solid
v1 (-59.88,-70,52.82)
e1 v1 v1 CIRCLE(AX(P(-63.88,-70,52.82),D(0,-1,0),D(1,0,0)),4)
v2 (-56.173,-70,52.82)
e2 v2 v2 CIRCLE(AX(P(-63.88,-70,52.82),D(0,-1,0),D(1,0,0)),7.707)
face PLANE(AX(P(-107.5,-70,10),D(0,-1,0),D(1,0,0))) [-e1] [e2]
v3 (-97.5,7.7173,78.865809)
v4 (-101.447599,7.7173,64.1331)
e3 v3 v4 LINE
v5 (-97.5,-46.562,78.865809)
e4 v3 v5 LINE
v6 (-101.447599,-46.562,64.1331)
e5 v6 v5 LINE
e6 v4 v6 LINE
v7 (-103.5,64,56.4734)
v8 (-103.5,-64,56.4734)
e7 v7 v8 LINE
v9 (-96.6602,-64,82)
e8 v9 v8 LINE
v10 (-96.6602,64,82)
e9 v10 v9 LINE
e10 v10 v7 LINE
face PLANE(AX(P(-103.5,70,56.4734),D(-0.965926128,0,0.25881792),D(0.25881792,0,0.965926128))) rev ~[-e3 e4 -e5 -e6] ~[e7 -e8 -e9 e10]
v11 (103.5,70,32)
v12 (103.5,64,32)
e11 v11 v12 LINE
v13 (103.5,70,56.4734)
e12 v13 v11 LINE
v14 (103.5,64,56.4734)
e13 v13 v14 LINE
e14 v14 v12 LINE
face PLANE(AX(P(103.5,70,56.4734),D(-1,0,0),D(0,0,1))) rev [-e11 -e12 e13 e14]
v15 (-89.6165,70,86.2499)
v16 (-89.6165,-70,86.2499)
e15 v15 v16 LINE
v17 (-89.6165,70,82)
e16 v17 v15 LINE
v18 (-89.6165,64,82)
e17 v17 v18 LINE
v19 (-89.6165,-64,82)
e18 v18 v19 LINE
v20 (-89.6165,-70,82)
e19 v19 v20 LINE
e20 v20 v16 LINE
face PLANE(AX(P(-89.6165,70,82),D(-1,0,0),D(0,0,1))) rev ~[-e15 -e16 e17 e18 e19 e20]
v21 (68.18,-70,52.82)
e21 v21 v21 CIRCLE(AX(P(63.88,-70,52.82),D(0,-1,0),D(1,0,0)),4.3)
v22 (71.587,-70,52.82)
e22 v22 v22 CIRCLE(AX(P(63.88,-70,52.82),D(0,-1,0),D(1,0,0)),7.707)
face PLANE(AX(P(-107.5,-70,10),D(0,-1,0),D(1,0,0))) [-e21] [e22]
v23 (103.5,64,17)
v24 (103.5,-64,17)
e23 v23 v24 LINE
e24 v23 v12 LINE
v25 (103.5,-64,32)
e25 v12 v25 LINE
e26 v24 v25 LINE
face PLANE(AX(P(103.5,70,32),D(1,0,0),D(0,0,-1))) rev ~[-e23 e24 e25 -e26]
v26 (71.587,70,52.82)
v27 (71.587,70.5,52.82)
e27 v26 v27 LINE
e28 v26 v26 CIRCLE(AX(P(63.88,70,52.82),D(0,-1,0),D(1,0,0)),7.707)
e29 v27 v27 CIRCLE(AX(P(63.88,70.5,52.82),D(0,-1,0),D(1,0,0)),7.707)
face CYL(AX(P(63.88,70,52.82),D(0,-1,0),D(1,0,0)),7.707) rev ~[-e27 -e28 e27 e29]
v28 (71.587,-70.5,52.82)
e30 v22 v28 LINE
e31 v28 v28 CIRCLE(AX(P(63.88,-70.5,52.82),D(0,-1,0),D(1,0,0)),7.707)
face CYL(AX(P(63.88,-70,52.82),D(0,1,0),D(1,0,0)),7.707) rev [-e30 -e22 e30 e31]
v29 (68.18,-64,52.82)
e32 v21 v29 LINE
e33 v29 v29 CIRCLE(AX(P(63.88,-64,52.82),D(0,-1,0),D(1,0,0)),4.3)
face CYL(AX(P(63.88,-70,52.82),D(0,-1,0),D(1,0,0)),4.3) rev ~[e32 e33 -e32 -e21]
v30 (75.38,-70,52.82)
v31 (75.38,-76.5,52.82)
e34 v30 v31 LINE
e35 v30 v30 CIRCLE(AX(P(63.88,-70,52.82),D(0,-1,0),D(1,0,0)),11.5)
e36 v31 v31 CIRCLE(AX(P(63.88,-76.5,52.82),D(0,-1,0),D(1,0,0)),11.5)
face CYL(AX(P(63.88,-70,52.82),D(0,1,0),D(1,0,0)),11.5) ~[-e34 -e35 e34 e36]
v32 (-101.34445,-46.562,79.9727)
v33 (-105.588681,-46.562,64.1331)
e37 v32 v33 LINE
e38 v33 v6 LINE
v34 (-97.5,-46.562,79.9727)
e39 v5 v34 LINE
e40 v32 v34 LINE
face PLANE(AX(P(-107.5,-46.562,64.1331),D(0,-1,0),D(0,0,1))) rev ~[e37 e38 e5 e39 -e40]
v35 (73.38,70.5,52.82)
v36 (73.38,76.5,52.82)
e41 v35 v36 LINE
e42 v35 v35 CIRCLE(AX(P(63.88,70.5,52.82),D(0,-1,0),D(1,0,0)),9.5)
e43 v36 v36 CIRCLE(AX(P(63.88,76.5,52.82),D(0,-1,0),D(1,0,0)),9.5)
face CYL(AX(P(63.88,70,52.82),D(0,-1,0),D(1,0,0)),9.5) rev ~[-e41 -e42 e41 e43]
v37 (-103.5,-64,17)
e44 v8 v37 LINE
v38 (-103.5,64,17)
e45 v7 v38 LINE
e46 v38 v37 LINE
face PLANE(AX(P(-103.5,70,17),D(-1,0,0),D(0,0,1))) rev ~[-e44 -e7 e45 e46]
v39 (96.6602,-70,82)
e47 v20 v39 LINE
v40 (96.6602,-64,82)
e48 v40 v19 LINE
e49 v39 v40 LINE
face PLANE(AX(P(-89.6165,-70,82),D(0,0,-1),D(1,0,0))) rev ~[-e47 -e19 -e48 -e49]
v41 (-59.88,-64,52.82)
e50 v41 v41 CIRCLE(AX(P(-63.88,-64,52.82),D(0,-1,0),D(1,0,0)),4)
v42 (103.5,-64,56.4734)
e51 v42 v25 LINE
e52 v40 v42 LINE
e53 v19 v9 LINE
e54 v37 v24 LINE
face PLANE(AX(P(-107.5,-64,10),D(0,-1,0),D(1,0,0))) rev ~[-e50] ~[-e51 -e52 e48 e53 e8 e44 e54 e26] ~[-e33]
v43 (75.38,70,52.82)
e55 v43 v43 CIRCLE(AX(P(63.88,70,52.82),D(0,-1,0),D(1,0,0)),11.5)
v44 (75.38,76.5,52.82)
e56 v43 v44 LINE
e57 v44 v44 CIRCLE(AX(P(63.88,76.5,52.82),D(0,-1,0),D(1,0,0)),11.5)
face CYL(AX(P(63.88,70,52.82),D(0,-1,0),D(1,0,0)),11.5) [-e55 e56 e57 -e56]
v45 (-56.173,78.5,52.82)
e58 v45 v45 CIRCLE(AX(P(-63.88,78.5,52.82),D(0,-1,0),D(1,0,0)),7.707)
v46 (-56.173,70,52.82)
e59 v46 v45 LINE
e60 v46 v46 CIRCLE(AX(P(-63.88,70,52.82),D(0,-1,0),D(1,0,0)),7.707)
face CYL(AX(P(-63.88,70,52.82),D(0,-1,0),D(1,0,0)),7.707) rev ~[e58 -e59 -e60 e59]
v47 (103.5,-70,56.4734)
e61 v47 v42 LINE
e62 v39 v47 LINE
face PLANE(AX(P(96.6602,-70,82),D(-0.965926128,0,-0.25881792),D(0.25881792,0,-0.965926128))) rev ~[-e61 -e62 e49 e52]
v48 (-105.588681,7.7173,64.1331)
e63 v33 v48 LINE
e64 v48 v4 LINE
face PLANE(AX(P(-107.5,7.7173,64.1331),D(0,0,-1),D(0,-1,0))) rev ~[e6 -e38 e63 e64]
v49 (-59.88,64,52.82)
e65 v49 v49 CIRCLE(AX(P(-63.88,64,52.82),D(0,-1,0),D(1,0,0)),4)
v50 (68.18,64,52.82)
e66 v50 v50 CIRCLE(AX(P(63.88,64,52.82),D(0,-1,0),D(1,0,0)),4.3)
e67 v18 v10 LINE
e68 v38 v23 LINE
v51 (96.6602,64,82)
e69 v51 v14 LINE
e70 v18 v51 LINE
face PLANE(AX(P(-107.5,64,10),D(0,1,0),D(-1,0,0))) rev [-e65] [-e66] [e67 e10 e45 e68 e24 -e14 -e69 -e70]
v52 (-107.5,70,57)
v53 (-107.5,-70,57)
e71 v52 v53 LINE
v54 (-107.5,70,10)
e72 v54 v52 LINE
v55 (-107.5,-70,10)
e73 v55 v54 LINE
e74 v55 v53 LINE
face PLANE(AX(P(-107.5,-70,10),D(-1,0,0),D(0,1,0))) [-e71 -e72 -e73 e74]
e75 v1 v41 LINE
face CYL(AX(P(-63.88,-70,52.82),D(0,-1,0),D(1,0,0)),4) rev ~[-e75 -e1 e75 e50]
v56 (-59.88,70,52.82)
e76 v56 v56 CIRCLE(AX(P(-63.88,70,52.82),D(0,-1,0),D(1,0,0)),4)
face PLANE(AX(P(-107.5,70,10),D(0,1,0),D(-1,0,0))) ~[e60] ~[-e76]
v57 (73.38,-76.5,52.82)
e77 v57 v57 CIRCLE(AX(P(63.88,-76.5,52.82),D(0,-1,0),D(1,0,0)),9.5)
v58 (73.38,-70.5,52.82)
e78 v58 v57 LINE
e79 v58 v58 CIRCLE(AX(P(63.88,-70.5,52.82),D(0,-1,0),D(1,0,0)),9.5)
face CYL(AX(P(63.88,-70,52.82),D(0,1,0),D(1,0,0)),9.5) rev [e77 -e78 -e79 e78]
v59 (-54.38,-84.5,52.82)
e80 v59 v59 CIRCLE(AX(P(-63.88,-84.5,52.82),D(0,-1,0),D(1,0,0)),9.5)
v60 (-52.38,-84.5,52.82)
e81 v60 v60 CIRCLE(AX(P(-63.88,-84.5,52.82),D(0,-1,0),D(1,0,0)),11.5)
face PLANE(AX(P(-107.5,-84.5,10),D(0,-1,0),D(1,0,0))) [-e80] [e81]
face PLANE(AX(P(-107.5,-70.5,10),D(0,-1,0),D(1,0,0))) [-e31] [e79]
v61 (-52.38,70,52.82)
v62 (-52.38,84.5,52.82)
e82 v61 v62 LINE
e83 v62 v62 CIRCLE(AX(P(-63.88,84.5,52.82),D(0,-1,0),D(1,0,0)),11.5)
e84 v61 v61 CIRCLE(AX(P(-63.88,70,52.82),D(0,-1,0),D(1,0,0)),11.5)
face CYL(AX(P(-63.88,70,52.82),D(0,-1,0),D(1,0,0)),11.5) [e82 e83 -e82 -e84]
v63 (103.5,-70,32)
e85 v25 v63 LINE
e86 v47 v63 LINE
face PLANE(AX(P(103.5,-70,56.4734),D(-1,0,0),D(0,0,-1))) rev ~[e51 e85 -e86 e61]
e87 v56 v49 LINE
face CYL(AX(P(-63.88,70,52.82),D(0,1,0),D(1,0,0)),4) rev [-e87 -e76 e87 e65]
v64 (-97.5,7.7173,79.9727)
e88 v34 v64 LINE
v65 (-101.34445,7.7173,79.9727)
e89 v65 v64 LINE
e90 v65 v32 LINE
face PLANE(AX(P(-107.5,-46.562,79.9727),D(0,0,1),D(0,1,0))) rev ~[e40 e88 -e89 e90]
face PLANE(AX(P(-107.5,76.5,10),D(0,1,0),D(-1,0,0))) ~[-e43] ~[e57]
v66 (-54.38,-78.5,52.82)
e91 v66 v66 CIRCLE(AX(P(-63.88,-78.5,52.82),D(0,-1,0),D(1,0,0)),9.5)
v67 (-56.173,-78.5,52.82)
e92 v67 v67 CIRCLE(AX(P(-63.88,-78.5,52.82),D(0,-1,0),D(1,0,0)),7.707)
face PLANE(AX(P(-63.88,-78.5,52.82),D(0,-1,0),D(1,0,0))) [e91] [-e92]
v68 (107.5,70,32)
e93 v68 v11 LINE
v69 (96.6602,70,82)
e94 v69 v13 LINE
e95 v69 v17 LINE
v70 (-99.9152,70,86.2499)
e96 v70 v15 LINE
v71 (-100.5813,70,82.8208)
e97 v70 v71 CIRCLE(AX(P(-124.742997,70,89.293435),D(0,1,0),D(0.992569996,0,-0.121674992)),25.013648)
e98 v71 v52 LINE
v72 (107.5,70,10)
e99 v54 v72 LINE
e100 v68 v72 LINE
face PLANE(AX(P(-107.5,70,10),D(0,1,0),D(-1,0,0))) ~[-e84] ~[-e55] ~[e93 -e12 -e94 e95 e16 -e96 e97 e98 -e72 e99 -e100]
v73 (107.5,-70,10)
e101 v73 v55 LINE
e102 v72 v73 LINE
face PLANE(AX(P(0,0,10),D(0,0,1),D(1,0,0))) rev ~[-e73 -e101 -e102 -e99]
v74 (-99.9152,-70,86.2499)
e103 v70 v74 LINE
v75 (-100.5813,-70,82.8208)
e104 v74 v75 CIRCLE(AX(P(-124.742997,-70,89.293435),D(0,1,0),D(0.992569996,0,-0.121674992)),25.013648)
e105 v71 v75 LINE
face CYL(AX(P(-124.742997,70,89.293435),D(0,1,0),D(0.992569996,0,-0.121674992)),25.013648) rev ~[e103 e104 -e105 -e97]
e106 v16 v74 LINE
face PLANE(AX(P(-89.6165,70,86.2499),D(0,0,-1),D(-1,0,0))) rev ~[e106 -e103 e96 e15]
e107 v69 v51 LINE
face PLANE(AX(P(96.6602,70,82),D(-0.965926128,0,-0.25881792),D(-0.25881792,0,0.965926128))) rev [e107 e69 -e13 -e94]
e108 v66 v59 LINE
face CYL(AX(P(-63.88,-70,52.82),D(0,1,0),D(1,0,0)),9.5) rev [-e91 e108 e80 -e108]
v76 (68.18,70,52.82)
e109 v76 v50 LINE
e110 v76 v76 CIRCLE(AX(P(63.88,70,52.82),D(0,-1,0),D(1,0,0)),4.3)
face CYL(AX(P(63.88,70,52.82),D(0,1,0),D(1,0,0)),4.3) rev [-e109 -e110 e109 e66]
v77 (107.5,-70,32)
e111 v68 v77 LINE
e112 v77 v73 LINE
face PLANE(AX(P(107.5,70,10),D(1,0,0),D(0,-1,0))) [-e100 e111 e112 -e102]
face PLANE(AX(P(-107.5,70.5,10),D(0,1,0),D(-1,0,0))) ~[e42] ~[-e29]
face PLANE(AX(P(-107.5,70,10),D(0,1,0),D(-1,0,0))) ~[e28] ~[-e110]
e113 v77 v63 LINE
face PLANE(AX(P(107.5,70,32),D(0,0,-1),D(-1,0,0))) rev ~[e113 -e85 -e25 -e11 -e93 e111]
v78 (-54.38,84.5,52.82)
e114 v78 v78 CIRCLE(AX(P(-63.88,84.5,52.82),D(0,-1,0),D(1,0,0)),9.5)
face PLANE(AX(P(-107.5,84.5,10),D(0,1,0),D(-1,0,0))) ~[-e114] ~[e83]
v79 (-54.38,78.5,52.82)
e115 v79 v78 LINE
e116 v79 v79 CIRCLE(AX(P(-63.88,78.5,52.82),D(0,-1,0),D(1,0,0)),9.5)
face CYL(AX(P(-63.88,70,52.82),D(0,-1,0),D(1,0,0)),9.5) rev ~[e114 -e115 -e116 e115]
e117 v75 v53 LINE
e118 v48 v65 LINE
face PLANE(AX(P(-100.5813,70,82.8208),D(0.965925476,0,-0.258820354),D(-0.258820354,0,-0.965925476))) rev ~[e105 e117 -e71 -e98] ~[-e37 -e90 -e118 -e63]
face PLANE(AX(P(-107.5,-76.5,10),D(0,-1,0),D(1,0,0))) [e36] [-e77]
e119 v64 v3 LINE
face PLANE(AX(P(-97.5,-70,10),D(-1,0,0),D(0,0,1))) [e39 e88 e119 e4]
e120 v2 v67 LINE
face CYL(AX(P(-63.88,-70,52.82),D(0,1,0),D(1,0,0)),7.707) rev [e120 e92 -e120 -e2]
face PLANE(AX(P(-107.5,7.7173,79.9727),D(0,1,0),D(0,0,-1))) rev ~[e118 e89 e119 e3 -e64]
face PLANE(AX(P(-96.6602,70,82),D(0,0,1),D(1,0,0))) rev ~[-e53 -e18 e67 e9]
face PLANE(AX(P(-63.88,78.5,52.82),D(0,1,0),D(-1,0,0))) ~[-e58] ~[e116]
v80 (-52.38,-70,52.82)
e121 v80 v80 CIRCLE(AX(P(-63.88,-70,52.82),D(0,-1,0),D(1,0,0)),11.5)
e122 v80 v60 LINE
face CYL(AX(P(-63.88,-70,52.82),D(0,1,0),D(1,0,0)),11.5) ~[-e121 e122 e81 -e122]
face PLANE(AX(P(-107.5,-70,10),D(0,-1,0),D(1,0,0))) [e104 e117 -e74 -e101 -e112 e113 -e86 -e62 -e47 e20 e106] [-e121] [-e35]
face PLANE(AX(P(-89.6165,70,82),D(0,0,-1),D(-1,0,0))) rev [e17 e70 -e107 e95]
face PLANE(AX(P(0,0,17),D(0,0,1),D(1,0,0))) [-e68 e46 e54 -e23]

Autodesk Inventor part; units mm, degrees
ref_plane "РабПлоскость1" through (0, 0, 10) normal (0, 0, 1) x (1, 0, 0)
sketch "Эскиз1" plane through (0, 0, 10) normal (0, 0, 1) x (1, 0, 0)
  line L0 (-107.5, 70) -> (107.5, 70)
  line L1 (107.5, 70) -> (107.5, -70)
  line L2 (107.5, -70) -> (-107.5, -70)
  line L3 (-107.5, -70) -> (-107.5, 70)
  line L4 (-107.5, 70) -> (107.5, -70) construction
  line L5 (107.5, 70) -> (-107.5, -70) construction
  point P0 (0, 0)
  dimension "d1" = 215
  dimension "d2" = 140
extrude "Выдавливание1" add sketch "Эскиз1" along normal blind 7
sketch "Эскиз2" plane through (-107.5, 70, 10) normal (0, 1, 0) x (1, 0, 0)
  line L0 (215, 0) -> (0, 0) projected
  line L1 (0, 0) -> (0, -7) projected
  line L2 (215, -7) -> (0, -7) projected
  line L3 (215, 0) -> (215, -7) projected
  line L4 (154.9795, -76.2499) -> (152.5795, -76.2499) projected
  line L5 (155.2294, -76) -> (154.9795, -76.2499) projected
  line L6 (159.8295, -76) -> (155.2294, -76) projected
  line L7 (160.0795, -76.2499) -> (159.8295, -76) projected
  line L8 (162.4795, -76.2499) -> (160.0795, -76.2499) projected
  line L9 (162.7294, -76) -> (162.4795, -76.2499) projected
  line L10 (167.3295, -76) -> (162.7294, -76) projected
  line L11 (167.5795, -76.2499) -> (167.3295, -76) projected
  line L12 (169.9795, -76.2499) -> (167.5795, -76.2499) projected
  line L13 (170.2294, -76) -> (169.9795, -76.2499) projected
  line L14 (174.8295, -76) -> (170.2294, -76) projected
  line L15 (175.0795, -76.2499) -> (174.8295, -76) projected
  line L16 (177.4795, -76.2499) -> (175.0795, -76.2499) projected
  line L17 (177.7294, -76) -> (177.4795, -76.2499) projected
  line L18 (182.3295, -76) -> (177.7294, -76) projected
  line L19 (182.5795, -76.2499) -> (182.3295, -76) projected
  line L20 (184.9795, -76.2499) -> (182.5795, -76.2499) projected
  line L21 (185.2294, -76) -> (184.9795, -76.2499) projected
  line L22 (189.8295, -76) -> (185.2294, -76) projected
  line L23 (190.0795, -76.2499) -> (189.8295, -76) projected
  line L24 (192.4795, -76.2499) -> (190.0795, -76.2499) projected
  line L25 (192.7294, -76) -> (192.4795, -76.2499) projected
  line L26 (197.3295, -76) -> (192.7294, -76) projected
  line L27 (197.5795, -76.2499) -> (197.3295, -76) projected
  line L28 (199.9795, -76.2499) -> (197.5795, -76.2499) projected
  line L29 (200.2294, -76) -> (199.9795, -76.2499) projected
  line L30 (204.8295, -76) -> (200.2294, -76) projected
  line L31 (205.0795, -76.2499) -> (204.8295, -76) projected
  line L32 (207.4152, -76.2499) -> (205.0795, -76.2499) projected
  arc A0 (208.0813, -72.8208) -> (207.4152, -76.2499) centre (232.2295, -79.2913) ccw projected
  line L33 (208.0813, -72.8208) -> (215, -47) projected
  line L34 (215, -22) -> (215, -47) projected
  line L35 (215, -22) -> (211, -22) projected
  line L36 (211, -22) -> (211, -46.4734) projected
  line L37 (211, -46.4734) -> (204.1602, -72) projected
  line L38 (204.1602, -72) -> (150.3397, -72) projected
  line L39 (150.3397, -72) -> (150.3397, -76) projected
  line L40 (152.3295, -76) -> (150.3397, -76) projected
  line L41 (152.5795, -76.2499) -> (152.3295, -76) projected
  line L42 (107.5, 0) -> (107.5, -94.8503)
  line L43 (15.0205, -76.2499) -> (17.4205, -76.2499)
  line L44 (7.5848, -76.2499) -> (9.9205, -76.2499)
  arc A1 (7.5848, -76.2499) -> (6.9187, -72.8208) centre (-17.2295, -79.2913) ccw
  line L45 (6.9187, -72.8208) -> (0, -47)
  line L46 (0, -22) -> (0, -47)
  line L47 (0, -22) -> (4, -22)
  line L48 (4, -22) -> (4, -46.4734)
  line L49 (4, -46.4734) -> (10.8398, -72)
  line L50 (10.8398, -72) -> (64.6603, -72)
  line L51 (215, -22) -> (211, -22)
  line L52 (211, -22) -> (211, -7)
  line L53 (211, -7) -> (215, -7)
  line L54 (215, -7) -> (215, -22)
  line L55 (4, -22) -> (0, -22)
  line L56 (0, -22) -> (0, -7)
  line L57 (0, -7) -> (4, -7)
  line L58 (4, -7) -> (4, -22)
  line L59 (17.8835, -76.2499) -> (7.5848, -76.2499)
  line L60 (10.8398, -72) -> (17.8835, -72)
  line L61 (17.8835, -72) -> (17.8835, -76.2499)
  point P0 (107.5, 10)
  point P1 (17.8835, -72)
extrude "Выдавливание2" add sketch "Эскиз2" against normal up to surface (140 mm away) contours L54 L35 L52 L2 | L2 L58 L47 L56 | L47 L48 L49 L50 L61 L59 L43 L44 A1 L45 L46
sketch "Эскиз3" plane through (-107.5, -70, 10) normal (0, -1, 0) x (1, 0, 0)
  line L0 (0, 0) -> (215, 0) projected
  line L1 (215, 0) -> (215, 22) projected
  line L2 (211, 22) -> (215, 22) projected
  line L3 (211, 7) -> (211, 22) projected
  line L4 (4, 7) -> (211, 7) projected
  line L5 (4, 46.4734) -> (4, 7) projected
  line L6 (10.8398, 72) -> (4, 46.4734) projected
  line L7 (17.8835, 72) -> (10.8398, 72) projected
  line L8 (17.8835, 76.2499) -> (17.8835, 72) projected
  line L9 (7.5848, 76.2499) -> (17.8835, 76.2499) projected
  arc A0 (6.9187, 72.8208) -> (7.5848, 76.2499) centre (-17.2295, 79.2913) ccw projected
  line L10 (0, 47) -> (6.9187, 72.8208) projected
  line L11 (0, 0) -> (0, 47) projected
  line L12 (205.0795, 76.2499) -> (207.4152, 76.2499) projected
  line L13 (204.8295, 76) -> (205.0795, 76.2499) projected
  line L14 (200.2294, 76) -> (204.8295, 76) projected
  line L15 (199.9795, 76.2499) -> (200.2294, 76) projected
  line L16 (197.5795, 76.2499) -> (199.9795, 76.2499) projected
  line L17 (197.3295, 76) -> (197.5795, 76.2499) projected
  line L18 (192.7294, 76) -> (197.3295, 76) projected
  line L19 (192.4795, 76.2499) -> (192.7294, 76) projected
  line L20 (190.0795, 76.2499) -> (192.4795, 76.2499) projected
  line L21 (189.8295, 76) -> (190.0795, 76.2499) projected
  line L22 (185.2294, 76) -> (189.8295, 76) projected
  line L23 (184.9795, 76.2499) -> (185.2294, 76) projected
  line L24 (182.5795, 76.2499) -> (184.9795, 76.2499) projected
  line L25 (182.3295, 76) -> (182.5795, 76.2499) projected
  line L26 (177.7294, 76) -> (182.3295, 76) projected
  line L27 (177.4795, 76.2499) -> (177.7294, 76) projected
  line L28 (175.0795, 76.2499) -> (177.4795, 76.2499) projected
  line L29 (174.8295, 76) -> (175.0795, 76.2499) projected
  line L30 (170.2294, 76) -> (174.8295, 76) projected
  line L31 (169.9795, 76.2499) -> (170.2294, 76) projected
  line L32 (167.5795, 76.2499) -> (169.9795, 76.2499) projected
  line L33 (167.3295, 76) -> (167.5795, 76.2499) projected
  line L34 (162.7294, 76) -> (167.3295, 76) projected
  line L35 (162.4795, 76.2499) -> (162.7294, 76) projected
  line L36 (160.0795, 76.2499) -> (162.4795, 76.2499) projected
  line L37 (159.8295, 76) -> (160.0795, 76.2499) projected
  line L38 (155.2294, 76) -> (159.8295, 76) projected
  line L39 (154.9795, 76.2499) -> (155.2294, 76) projected
  line L40 (152.5795, 76.2499) -> (154.9795, 76.2499) projected
  line L41 (152.3295, 76) -> (152.5795, 76.2499) projected
  line L42 (150.3397, 76) -> (152.3295, 76) projected
  line L43 (150.3397, 72) -> (150.3397, 76) projected
  line L44 (150.3397, 72) -> (204.1602, 72) projected
  line L45 (204.1602, 72) -> (211, 46.4734) projected
  line L46 (211, 46.4734) -> (211, 22) projected
  line L47 (211, 22) -> (215, 22) projected
  line L48 (215, 22) -> (215, 47) projected
  line L49 (215, 47) -> (208.0813, 72.8208) projected
  arc A1 (207.4152, 76.2499) -> (208.0813, 72.8208) centre (232.2295, 79.2913) ccw projected
  line L50 (17.8835, 76.2499) -> (207.9879, 76)
  line L51 (17.8835, 72) -> (150.3397, 72)
  circle A2 centre (43.62, 42.82) radius 4 projected
  circle A3 centre (171.38, 42.82) radius 4.3 projected
  point P0 (107.5, -10)
extrude "Выдавливание3" add sketch "Эскиз3" against normal blind 6 contours L3 L4 L5 L6 L7 L51 L44 L45 L46
sketch "Эскиз4" plane through (-107.5, -70, 10) normal (0, -1, 0) x (1, 0, 0)
  circle A0 centre (43.62, 42.82) radius 9.5 projected
  circle A1 centre (43.62, 42.82) radius 11.5
  point P0 (107.5, -10)
  dimension "d9" = 23
ref_plane "РабПлоскость2" through (-75.6513, -84.5, 41.0487) normal (0, -1, 0) x (0.941, 0, -0.3385)
extrude "Выдавливание4" add sketch "Эскиз4" along normal up to surface (14.5 mm away)
sketch "Эскиз5" plane through (-63.88, -70, 52.82) normal (0, -1, 0) x (1, 0, 0)
  circle A0 centre (0, 0) radius 7.707 projected
  circle A1 centre (0, 0) radius 9.5 projected
  point P0 (63.88, -52.82)
ref_plane "РабПлоскость3" through (-75.6513, -78.5, 41.0487) normal (0, 1, 0) x (0.3385, 0, 0.941)
extrude "Выдавливание5" add sketch "Эскиз5" along normal up to surface (8.5 mm away)
sketch "Эскиз6" plane through (-107.5, -70, 10) normal (0, -1, 0) x (1, 0, 0)
  point P0 (107.5, -10)
sketch "Эскиз7" plane through (-107.5, -70, 10) normal (0, -1, 0) x (1, 0, 0)
  circle A0 centre (171.38, 42.82) radius 7.707 projected
  circle A1 centre (171.38, 42.82) radius 9.5 projected
  point P0 (107.5, -10)
ref_plane "РабПлоскость4" through (51.3812, -70.5, 40.3212) normal (0, 1, 0) x (0.4829, 0, 0.8757)
extrude "Выдавливание6" add sketch "Эскиз7" along normal up to surface (0.5 mm away)
sketch "Эскиз8" plane through (-107.5, -70, 10) normal (0, -1, 0) x (1, 0, 0)
  circle A0 centre (171.38, 42.82) radius 9.5 projected
  circle A1 centre (171.38, 42.82) radius 11.5
  point P0 (107.5, -10)
  dimension "d16" = 23
ref_plane "РабПлоскость5" through (51.3812, -76.5, 40.3212) normal (0, -1, 0) x (0.8757, 0, -0.4829)
extrude "Выдавливание7" add sketch "Эскиз8" along normal up to surface (6.5 mm away)
mirror "Зеркальное отражение1" about plane through (0, 0, 0) normal (0, 1, 0) of "Выдавливание3", "Выдавливание4", "Выдавливание5", "Выдавливание6", "Выдавливание7"
sketch "Эскиз9" plane through (-107.5, -70, 10) normal (-1, 0, 0) x (0, 0, 1)
  line L0 (69.9727, 77.7173) -> (54.1331, 77.7173)
  line L1 (54.1331, 77.7173) -> (54.1331, 23.438)
  line L2 (54.1331, 23.438) -> (69.9727, 23.438)
  line L3 (69.9727, 23.438) -> (69.9727, 77.7173)
  point P0 (-10, 70)
extrude "Выдавливание8" cut sketch "Эскиз9" against normal blind 10
ref_plane "РабПлоскость6" through (-75.6513, 84.5, 41.0487) normal (0, -1, 0) x (0.941, 0, -0.3385)
ref_plane "РабПлоскость7" through (-75.6513, 78.5, 41.0487) normal (0, 1, 0) x (0.3385, 0, 0.941)
ref_plane "РабПлоскость8" through (51.3812, 70.5, 40.3212) normal (0, 1, 0) x (0.4829, 0, 0.8757)
ref_plane "РабПлоскость9" through (51.3812, 76.5, 40.3212) normal (0, -1, 0) x (0.8757, 0, -0.4829)
